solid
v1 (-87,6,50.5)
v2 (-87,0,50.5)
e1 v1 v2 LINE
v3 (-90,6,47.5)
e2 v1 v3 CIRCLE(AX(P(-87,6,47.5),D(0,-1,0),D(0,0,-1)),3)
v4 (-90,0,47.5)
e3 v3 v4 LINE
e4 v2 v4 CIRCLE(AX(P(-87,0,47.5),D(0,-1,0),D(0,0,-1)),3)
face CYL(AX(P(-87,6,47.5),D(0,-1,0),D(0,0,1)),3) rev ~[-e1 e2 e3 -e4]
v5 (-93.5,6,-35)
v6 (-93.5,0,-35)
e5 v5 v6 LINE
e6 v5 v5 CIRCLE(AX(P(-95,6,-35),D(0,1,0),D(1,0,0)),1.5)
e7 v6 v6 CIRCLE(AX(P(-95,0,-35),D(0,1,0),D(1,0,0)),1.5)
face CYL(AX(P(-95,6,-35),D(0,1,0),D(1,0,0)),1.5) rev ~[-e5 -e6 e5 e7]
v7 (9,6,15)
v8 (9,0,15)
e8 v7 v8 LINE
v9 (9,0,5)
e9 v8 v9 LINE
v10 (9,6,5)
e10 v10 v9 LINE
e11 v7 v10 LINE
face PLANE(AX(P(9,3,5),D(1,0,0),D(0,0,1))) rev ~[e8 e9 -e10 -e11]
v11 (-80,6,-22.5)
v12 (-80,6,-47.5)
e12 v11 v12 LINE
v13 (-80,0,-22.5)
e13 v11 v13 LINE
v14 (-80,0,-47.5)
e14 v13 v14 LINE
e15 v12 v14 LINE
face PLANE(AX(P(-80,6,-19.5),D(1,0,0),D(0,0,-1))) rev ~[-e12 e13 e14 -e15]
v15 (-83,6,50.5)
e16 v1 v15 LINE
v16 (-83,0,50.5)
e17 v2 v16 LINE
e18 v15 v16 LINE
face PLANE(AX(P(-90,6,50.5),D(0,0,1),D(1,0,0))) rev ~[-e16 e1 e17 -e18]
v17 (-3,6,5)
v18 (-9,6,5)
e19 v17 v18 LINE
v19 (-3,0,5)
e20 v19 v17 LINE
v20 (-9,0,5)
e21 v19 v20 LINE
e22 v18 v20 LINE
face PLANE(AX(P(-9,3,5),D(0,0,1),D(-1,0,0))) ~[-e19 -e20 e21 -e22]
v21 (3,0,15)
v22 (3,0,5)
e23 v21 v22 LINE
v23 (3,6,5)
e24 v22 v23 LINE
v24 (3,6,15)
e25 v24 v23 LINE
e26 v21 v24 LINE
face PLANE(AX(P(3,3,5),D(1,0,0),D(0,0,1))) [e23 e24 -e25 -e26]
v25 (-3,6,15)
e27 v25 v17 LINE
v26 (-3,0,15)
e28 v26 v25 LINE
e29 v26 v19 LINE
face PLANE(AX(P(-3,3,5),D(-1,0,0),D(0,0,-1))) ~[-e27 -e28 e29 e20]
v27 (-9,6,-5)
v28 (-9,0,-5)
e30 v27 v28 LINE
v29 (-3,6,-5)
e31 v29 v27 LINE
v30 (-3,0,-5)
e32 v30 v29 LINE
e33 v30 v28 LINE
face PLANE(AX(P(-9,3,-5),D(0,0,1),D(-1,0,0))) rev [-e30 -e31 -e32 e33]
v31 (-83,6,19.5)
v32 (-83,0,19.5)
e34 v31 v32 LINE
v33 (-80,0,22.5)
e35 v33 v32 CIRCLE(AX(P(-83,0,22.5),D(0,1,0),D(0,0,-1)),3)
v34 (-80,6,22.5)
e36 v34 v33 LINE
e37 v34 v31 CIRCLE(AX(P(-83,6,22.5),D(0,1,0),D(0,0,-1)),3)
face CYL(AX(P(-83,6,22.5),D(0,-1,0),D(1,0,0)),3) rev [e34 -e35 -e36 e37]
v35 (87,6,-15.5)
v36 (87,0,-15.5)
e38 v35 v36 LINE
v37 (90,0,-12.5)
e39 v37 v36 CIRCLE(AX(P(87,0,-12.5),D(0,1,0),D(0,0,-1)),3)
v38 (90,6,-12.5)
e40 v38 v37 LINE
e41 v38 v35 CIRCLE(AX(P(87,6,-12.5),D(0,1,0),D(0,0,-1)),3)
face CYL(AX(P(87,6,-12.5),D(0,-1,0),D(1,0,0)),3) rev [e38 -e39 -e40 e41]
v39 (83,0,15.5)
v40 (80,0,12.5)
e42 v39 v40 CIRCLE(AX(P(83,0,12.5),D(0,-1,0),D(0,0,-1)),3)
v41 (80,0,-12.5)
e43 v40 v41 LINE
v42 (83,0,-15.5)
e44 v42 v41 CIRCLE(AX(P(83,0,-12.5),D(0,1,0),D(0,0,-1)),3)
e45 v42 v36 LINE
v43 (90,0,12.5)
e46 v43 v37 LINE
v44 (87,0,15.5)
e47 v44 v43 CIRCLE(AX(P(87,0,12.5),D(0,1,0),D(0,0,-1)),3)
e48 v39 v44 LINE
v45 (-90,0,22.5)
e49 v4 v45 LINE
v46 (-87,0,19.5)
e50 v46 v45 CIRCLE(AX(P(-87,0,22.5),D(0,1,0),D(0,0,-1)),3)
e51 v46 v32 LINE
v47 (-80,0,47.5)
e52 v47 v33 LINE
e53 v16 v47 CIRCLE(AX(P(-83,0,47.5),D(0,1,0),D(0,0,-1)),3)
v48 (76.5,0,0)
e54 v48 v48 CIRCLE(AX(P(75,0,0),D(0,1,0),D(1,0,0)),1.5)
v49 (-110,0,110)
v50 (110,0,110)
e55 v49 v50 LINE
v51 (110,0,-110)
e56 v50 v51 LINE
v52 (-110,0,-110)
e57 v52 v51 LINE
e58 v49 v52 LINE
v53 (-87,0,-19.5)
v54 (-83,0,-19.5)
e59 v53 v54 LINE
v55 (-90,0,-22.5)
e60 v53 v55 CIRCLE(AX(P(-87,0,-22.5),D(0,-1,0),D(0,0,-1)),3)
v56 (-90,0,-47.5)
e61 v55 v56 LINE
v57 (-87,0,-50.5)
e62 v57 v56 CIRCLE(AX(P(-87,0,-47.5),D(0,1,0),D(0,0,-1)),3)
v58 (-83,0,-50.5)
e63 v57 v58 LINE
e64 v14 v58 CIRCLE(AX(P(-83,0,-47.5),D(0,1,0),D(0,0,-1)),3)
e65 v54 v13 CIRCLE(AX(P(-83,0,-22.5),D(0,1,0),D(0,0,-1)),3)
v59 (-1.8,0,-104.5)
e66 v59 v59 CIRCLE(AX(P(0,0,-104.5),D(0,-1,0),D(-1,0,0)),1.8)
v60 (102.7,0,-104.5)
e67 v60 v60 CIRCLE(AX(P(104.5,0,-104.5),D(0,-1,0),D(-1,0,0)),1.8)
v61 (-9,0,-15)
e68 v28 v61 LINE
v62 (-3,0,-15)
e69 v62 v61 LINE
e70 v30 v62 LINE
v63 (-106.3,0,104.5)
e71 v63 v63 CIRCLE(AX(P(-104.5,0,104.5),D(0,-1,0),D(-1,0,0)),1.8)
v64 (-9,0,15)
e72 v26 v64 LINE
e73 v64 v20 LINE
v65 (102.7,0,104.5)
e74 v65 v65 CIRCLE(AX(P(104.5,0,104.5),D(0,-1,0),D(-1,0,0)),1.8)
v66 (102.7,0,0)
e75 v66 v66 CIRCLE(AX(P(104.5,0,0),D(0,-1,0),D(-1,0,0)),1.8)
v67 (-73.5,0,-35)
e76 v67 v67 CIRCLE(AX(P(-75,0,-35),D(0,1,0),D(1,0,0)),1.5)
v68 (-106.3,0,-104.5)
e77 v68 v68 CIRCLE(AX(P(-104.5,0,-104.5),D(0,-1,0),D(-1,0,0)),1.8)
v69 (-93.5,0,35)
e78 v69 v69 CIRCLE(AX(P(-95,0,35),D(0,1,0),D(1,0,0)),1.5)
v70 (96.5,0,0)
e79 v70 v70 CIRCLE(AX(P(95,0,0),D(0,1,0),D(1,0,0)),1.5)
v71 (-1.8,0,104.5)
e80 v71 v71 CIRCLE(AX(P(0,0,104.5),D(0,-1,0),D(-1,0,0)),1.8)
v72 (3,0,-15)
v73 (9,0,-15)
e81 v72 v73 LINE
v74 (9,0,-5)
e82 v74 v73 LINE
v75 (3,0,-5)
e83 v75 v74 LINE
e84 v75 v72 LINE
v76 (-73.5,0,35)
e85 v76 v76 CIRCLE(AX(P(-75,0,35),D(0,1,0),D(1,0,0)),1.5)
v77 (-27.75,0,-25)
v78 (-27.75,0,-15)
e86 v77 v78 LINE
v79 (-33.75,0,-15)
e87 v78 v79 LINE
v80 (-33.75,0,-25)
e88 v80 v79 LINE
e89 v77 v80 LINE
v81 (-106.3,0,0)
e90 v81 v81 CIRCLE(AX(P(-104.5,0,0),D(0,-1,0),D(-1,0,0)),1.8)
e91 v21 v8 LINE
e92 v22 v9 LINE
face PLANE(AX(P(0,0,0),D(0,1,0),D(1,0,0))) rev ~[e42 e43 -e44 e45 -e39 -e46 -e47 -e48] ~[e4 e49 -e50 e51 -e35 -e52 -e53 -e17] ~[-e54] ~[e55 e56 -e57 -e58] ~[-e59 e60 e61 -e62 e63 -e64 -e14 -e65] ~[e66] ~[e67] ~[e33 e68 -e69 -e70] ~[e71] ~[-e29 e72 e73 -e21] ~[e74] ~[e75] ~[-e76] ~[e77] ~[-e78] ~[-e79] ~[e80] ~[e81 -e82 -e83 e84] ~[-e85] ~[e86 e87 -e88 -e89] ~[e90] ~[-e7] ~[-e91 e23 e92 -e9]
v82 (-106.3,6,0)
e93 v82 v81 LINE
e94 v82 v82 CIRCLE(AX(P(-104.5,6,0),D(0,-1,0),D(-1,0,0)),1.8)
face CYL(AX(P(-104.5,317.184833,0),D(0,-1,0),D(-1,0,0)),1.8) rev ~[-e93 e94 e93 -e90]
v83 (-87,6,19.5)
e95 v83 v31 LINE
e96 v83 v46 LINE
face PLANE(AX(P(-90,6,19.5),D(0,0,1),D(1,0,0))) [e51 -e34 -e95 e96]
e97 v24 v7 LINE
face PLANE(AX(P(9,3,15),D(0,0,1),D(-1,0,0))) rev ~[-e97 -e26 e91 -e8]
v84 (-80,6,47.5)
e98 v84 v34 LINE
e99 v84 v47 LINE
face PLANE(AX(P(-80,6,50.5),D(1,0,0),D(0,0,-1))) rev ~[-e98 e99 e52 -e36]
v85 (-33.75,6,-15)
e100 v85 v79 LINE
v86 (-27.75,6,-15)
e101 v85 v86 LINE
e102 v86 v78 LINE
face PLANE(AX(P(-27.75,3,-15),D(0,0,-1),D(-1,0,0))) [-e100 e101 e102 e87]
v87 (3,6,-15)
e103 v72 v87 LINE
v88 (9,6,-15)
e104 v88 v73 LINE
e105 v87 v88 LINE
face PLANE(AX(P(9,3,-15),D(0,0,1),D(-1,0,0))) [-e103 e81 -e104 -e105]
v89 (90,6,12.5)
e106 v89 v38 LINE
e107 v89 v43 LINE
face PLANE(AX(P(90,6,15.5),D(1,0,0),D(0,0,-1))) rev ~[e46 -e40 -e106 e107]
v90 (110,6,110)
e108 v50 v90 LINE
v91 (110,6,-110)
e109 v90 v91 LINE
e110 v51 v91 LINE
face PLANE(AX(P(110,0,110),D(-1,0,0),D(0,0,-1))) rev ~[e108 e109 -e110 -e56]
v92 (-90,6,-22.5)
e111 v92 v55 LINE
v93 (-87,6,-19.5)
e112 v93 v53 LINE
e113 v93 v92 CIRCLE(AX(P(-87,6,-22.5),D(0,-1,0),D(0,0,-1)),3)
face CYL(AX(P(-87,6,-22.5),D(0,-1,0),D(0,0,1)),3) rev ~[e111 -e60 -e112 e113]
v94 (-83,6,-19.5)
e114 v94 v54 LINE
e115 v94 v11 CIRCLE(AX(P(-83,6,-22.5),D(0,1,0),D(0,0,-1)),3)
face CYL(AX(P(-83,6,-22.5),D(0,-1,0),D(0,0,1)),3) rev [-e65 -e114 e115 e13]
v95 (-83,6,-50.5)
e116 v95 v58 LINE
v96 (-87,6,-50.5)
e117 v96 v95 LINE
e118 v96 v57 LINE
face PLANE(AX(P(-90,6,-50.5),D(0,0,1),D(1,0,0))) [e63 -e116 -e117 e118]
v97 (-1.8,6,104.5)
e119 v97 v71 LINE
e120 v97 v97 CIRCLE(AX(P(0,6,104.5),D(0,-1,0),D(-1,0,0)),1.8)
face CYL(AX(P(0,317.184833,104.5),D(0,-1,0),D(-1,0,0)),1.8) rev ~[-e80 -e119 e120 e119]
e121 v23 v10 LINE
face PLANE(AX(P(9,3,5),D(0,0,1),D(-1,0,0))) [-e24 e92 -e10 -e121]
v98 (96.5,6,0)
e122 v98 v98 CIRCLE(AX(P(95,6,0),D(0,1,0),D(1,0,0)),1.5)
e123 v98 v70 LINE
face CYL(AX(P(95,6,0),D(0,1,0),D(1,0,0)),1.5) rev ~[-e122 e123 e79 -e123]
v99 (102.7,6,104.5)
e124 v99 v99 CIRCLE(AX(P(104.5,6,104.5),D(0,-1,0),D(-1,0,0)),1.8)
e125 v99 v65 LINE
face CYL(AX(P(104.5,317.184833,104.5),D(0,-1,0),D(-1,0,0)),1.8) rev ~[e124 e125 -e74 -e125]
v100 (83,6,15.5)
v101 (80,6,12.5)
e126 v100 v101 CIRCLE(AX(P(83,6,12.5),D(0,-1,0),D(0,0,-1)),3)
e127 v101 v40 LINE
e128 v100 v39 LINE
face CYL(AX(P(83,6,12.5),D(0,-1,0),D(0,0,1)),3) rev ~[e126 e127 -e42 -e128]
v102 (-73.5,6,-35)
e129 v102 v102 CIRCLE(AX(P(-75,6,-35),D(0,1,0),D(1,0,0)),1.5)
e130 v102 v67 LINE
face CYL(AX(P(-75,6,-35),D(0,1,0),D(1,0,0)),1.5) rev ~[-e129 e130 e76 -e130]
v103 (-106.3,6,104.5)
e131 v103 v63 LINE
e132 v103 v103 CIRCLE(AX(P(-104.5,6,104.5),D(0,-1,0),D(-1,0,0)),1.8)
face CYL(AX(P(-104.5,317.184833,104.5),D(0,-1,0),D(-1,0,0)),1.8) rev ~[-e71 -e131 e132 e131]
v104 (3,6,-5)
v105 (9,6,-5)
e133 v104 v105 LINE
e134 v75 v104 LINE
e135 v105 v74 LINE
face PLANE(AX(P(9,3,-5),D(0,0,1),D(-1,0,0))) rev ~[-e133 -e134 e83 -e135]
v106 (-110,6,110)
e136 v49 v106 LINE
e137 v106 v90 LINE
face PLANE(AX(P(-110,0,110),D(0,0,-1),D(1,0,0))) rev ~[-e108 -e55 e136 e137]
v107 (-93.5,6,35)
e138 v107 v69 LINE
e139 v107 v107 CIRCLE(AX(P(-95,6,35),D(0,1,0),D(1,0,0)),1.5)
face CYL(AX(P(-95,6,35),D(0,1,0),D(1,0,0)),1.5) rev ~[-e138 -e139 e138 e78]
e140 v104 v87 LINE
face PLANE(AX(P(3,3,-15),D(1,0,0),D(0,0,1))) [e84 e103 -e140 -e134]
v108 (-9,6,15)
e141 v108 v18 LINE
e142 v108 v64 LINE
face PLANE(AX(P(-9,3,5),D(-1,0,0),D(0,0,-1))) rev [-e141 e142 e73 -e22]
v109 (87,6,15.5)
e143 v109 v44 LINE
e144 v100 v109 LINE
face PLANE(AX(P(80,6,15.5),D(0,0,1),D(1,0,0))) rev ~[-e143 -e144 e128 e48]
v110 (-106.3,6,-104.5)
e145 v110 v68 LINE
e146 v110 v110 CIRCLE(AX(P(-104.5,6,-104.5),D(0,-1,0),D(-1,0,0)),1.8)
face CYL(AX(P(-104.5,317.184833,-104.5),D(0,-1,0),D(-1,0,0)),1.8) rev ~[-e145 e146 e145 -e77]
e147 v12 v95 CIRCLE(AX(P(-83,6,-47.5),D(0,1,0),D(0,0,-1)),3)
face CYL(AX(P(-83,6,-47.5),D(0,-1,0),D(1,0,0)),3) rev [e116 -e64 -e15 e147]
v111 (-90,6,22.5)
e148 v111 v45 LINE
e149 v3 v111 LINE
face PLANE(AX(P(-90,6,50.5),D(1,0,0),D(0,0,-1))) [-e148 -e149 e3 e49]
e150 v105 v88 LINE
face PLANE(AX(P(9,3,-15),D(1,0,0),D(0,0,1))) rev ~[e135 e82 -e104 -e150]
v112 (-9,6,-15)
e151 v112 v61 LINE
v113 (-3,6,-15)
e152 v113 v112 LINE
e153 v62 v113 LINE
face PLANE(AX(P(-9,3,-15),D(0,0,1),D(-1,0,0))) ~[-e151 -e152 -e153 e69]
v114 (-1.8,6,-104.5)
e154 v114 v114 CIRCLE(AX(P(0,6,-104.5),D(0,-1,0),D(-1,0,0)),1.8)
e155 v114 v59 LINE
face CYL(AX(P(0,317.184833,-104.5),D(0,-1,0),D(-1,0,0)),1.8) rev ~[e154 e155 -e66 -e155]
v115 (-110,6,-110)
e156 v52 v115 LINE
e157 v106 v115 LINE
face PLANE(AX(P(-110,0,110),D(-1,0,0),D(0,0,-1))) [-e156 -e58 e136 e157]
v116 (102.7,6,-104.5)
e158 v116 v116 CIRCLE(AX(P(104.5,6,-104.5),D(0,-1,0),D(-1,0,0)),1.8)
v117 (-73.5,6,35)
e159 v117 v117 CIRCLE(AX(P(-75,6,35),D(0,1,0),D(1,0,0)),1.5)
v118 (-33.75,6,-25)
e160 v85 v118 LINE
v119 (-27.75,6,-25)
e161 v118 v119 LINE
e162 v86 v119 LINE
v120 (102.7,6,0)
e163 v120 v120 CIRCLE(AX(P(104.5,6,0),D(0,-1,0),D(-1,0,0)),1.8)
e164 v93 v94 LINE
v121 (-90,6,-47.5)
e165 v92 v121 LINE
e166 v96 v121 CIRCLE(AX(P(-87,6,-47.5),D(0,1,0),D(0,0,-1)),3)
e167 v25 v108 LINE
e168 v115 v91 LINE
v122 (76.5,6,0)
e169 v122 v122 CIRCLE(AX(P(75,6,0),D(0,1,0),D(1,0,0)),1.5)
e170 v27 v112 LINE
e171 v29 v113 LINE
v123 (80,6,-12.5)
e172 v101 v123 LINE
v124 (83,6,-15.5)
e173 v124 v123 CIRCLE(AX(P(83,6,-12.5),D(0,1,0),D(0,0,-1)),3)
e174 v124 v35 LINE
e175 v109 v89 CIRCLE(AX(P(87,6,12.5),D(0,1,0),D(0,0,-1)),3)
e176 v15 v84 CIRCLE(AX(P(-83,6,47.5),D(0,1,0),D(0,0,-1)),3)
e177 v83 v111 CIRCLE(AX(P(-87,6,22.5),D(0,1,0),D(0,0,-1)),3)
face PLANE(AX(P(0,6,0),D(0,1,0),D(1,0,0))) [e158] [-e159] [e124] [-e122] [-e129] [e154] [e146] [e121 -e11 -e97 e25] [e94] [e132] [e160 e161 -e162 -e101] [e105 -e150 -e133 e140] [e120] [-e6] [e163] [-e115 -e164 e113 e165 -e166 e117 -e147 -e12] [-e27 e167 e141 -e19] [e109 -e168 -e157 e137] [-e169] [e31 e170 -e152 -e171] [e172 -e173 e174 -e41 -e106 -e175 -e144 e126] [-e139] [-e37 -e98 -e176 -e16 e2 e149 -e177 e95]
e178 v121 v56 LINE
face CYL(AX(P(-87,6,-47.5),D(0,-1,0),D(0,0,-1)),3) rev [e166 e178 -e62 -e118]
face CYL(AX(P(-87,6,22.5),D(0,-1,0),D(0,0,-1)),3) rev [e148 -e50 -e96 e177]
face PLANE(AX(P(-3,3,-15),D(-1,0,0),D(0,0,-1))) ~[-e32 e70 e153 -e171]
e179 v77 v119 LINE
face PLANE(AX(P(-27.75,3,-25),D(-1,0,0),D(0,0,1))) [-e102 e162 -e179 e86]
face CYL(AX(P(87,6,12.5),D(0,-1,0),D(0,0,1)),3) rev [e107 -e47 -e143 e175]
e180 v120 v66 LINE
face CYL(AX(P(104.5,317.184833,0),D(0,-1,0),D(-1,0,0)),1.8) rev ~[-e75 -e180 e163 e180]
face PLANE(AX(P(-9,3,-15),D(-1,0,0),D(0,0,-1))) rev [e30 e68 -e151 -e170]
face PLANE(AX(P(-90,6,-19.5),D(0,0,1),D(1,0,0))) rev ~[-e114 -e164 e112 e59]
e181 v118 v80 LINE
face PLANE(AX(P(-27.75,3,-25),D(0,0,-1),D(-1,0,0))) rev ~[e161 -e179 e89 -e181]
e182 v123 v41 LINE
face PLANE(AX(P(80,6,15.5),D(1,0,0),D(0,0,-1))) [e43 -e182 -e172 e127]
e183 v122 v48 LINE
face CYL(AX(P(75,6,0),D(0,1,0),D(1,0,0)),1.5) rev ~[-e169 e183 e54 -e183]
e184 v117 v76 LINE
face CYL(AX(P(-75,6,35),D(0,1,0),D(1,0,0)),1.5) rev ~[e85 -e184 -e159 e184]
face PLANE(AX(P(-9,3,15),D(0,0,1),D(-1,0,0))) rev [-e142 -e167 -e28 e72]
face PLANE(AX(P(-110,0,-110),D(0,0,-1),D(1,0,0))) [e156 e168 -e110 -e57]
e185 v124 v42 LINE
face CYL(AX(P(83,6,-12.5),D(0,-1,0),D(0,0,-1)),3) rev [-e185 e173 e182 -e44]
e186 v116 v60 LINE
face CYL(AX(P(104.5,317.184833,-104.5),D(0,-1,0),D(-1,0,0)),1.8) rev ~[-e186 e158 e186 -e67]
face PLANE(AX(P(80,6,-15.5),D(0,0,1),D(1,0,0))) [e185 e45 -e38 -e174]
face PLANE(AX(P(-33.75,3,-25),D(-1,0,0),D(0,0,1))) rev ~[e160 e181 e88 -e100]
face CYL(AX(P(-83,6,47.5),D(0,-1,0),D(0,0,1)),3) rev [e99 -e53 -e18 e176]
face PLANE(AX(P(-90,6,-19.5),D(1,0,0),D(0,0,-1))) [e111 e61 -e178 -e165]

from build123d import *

# Parameters (mm, degrees)
SKETCH1_W                  = 220
SKETCH1_H                  = 220
BOSS_EXTRUDE1_DEPTH        = 6
SKETCH2_R                  = 1.5
SKETCH2_W                  = 10
SKETCH2_H                  = 31
CUT_EXTRUDE1_DEPTH         = 7
FILLET1_R                  = 3
SKETCH5_R                  = 1.5
SKETCH5_W                  = 10
SKETCH5_H                  = 31
CUT_EXTRUDE3_DEPTH         = 7
FILLET2_R                  = 3
SKETCH7_R                  = 1.5
SKETCH7_W                  = 10
SKETCH7_H                  = 31
CUT_EXTRUDE4_DEPTH         = 7
FILLET3_R                  = 3
F_3_6_3_6_DIAMETER_HOLE1_D = 3.6
SKETCH6_W                  = 10
SKETCH6_H                  = 6
CUT_EXTRUDE12_DEPTH        = 4
SKETCH61_W                 = 10
SKETCH61_H                 = 6
CUT_EXTRUDE13_DEPTH        = 4
SKETCH65_W                 = 10
SKETCH65_H                 = 6
CUT_EXTRUDE16_DEPTH        = 4
CUT_EXTRUDE16_DEPTH_BACK   = 4


with BuildPart() as part:
    # Sketch1 → Boss-Extrude1 (new body)
    with BuildSketch(Plane(origin=(0, 0, 0), x_dir=(1, 0, 0), z_dir=(0, 1, 0))):
        Rectangle(SKETCH1_W, SKETCH1_H)
    extrude(amount=BOSS_EXTRUDE1_DEPTH)

    # Sketch2 → Cut-Extrude1 (cut, through all)
    with BuildSketch(Plane(origin=(0, 6, 0), x_dir=(1, 0, 0), z_dir=(0, 1, 0))):
        with Locations((-95, 35)):
            Circle(SKETCH2_R)
        with Locations((-75, 35)):
            Circle(SKETCH2_R)
        with Locations((-85, 35)):
            Rectangle(SKETCH2_W, SKETCH2_H)
    extrude(amount=-CUT_EXTRUDE1_DEPTH, mode=Mode.SUBTRACT)

    # Fillet1
    fillet1_edges = [part.edges().sort_by_distance(p)[0] for p in [
        (-80, 3, -50.5),
        (-80, 3, -19.5),
        (-90, 3, -19.5),
        (-90, 3, -50.5),
    ]]
    fillet(fillet1_edges, radius=FILLET1_R)

    # Sketch5 → Cut-Extrude3 (cut, through all)
    with BuildSketch(Plane(origin=(45.510619452, 6, 46.414764374), x_dir=(1, 0, 0), z_dir=(0, 1, 0))):
        with Locations((-140.510619452, 11.414764374)):
            Circle(SKETCH5_R)
        with Locations((-120.510619452, 11.414764374)):
            Circle(SKETCH5_R)
        with Locations((-130.510619452, 11.414764374)):
            Rectangle(SKETCH5_W, SKETCH5_H)
    extrude(amount=-CUT_EXTRUDE3_DEPTH, mode=Mode.SUBTRACT)

    # Fillet2
    fillet2_edges = [part.edges().sort_by_distance(p)[0] for p in [
        (-80, 3, 19.5),
        (-80, 3, 50.5),
        (-90, 3, 50.5),
        (-90, 3, 19.5),
    ]]
    fillet(fillet2_edges, radius=FILLET2_R)

    # Sketch7 → Cut-Extrude4 (cut, through all)
    with BuildSketch(Plane(origin=(105.138163787, 6, 83.209962186), x_dir=(1, 0, 0), z_dir=(0, 1, 0))):
        with Locations((-30.138163787, 83.209962186)):
            Circle(SKETCH7_R)
        with Locations((-10.138163787, 83.209962186)):
            Circle(SKETCH7_R)
        with Locations((-20.138163787, 83.209962186)):
            Rectangle(SKETCH7_W, SKETCH7_H)
    extrude(amount=-CUT_EXTRUDE4_DEPTH, mode=Mode.SUBTRACT)

    # Fillet3
    fillet3_edges = [part.edges().sort_by_distance(p)[0] for p in [
        (90, 3, -15.5),
        (90, 3, 15.5),
        (80, 3, 15.5),
        (80, 3, -15.5),
    ]]
    fillet(fillet3_edges, radius=FILLET3_R)

    # Ø3.6 (3.6) Diameter Hole1 (through all)
    with Locations(Plane(origin=(0, 6, 0), x_dir=(1, 0, 0), z_dir=(0, 1, 0))):
        with Locations((-104.5, -104.5), (0, -104.5), (104.5, -104.5), (104.5, 0), (104.5, 104.5), (0, 104.5), (-104.5, 104.5), (-104.5, 0)):
            Hole(F_3_6_3_6_DIAMETER_HOLE1_D / 2)

    # Sketch6 → Cut-Extrude12 (cut, symmetric)
    with BuildSketch(Plane(origin=(-38, 3, -10.767778608), x_dir=(0, 0, 1), z_dir=(0, -1, 0))):
        with Locations((0.767778608, -44)):
            Rectangle(SKETCH6_W, SKETCH6_H)
    cut_extrude12 = extrude(amount=CUT_EXTRUDE12_DEPTH, both=True, mode=Mode.SUBTRACT)

    # Sketch61 → Cut-Extrude13 (cut, symmetric)
    with BuildSketch(Plane(origin=(-38, 3, 9.232221392), x_dir=(0, 0, 1), z_dir=(0, -1, 0))):
        with Locations((0.767778608, -44)):
            Rectangle(SKETCH61_W, SKETCH61_H)
    cut_extrude13 = extrude(amount=CUT_EXTRUDE13_DEPTH, both=True, mode=Mode.SUBTRACT)

    # Mirror1: Cut-Extrude12, Cut-Extrude13 across plane
    add(cut_extrude12.mirror(Plane(origin=(0, 0, 0), x_dir=(0, 0, 1), z_dir=(1, 0, 0))), mode=Mode.SUBTRACT)
    add(cut_extrude13.mirror(Plane(origin=(0, 0, 0), x_dir=(0, 0, 1), z_dir=(1, 0, 0))), mode=Mode.SUBTRACT)

    # Sketch65 → Cut-Extrude16 (cut, two sides)
    with BuildSketch(Plane(origin=(-74.75, 3, -20.767778608), x_dir=(0, 0, 1), z_dir=(0, -1, 0))) as cut_extrude16_sk:
        with Locations((0.767778608, -44)):
            Rectangle(SKETCH65_W, SKETCH65_H)
    extrude(amount=CUT_EXTRUDE16_DEPTH, mode=Mode.SUBTRACT)
    extrude(cut_extrude16_sk.sketch, amount=-CUT_EXTRUDE16_DEPTH_BACK, mode=Mode.SUBTRACT)


solid = part.part
